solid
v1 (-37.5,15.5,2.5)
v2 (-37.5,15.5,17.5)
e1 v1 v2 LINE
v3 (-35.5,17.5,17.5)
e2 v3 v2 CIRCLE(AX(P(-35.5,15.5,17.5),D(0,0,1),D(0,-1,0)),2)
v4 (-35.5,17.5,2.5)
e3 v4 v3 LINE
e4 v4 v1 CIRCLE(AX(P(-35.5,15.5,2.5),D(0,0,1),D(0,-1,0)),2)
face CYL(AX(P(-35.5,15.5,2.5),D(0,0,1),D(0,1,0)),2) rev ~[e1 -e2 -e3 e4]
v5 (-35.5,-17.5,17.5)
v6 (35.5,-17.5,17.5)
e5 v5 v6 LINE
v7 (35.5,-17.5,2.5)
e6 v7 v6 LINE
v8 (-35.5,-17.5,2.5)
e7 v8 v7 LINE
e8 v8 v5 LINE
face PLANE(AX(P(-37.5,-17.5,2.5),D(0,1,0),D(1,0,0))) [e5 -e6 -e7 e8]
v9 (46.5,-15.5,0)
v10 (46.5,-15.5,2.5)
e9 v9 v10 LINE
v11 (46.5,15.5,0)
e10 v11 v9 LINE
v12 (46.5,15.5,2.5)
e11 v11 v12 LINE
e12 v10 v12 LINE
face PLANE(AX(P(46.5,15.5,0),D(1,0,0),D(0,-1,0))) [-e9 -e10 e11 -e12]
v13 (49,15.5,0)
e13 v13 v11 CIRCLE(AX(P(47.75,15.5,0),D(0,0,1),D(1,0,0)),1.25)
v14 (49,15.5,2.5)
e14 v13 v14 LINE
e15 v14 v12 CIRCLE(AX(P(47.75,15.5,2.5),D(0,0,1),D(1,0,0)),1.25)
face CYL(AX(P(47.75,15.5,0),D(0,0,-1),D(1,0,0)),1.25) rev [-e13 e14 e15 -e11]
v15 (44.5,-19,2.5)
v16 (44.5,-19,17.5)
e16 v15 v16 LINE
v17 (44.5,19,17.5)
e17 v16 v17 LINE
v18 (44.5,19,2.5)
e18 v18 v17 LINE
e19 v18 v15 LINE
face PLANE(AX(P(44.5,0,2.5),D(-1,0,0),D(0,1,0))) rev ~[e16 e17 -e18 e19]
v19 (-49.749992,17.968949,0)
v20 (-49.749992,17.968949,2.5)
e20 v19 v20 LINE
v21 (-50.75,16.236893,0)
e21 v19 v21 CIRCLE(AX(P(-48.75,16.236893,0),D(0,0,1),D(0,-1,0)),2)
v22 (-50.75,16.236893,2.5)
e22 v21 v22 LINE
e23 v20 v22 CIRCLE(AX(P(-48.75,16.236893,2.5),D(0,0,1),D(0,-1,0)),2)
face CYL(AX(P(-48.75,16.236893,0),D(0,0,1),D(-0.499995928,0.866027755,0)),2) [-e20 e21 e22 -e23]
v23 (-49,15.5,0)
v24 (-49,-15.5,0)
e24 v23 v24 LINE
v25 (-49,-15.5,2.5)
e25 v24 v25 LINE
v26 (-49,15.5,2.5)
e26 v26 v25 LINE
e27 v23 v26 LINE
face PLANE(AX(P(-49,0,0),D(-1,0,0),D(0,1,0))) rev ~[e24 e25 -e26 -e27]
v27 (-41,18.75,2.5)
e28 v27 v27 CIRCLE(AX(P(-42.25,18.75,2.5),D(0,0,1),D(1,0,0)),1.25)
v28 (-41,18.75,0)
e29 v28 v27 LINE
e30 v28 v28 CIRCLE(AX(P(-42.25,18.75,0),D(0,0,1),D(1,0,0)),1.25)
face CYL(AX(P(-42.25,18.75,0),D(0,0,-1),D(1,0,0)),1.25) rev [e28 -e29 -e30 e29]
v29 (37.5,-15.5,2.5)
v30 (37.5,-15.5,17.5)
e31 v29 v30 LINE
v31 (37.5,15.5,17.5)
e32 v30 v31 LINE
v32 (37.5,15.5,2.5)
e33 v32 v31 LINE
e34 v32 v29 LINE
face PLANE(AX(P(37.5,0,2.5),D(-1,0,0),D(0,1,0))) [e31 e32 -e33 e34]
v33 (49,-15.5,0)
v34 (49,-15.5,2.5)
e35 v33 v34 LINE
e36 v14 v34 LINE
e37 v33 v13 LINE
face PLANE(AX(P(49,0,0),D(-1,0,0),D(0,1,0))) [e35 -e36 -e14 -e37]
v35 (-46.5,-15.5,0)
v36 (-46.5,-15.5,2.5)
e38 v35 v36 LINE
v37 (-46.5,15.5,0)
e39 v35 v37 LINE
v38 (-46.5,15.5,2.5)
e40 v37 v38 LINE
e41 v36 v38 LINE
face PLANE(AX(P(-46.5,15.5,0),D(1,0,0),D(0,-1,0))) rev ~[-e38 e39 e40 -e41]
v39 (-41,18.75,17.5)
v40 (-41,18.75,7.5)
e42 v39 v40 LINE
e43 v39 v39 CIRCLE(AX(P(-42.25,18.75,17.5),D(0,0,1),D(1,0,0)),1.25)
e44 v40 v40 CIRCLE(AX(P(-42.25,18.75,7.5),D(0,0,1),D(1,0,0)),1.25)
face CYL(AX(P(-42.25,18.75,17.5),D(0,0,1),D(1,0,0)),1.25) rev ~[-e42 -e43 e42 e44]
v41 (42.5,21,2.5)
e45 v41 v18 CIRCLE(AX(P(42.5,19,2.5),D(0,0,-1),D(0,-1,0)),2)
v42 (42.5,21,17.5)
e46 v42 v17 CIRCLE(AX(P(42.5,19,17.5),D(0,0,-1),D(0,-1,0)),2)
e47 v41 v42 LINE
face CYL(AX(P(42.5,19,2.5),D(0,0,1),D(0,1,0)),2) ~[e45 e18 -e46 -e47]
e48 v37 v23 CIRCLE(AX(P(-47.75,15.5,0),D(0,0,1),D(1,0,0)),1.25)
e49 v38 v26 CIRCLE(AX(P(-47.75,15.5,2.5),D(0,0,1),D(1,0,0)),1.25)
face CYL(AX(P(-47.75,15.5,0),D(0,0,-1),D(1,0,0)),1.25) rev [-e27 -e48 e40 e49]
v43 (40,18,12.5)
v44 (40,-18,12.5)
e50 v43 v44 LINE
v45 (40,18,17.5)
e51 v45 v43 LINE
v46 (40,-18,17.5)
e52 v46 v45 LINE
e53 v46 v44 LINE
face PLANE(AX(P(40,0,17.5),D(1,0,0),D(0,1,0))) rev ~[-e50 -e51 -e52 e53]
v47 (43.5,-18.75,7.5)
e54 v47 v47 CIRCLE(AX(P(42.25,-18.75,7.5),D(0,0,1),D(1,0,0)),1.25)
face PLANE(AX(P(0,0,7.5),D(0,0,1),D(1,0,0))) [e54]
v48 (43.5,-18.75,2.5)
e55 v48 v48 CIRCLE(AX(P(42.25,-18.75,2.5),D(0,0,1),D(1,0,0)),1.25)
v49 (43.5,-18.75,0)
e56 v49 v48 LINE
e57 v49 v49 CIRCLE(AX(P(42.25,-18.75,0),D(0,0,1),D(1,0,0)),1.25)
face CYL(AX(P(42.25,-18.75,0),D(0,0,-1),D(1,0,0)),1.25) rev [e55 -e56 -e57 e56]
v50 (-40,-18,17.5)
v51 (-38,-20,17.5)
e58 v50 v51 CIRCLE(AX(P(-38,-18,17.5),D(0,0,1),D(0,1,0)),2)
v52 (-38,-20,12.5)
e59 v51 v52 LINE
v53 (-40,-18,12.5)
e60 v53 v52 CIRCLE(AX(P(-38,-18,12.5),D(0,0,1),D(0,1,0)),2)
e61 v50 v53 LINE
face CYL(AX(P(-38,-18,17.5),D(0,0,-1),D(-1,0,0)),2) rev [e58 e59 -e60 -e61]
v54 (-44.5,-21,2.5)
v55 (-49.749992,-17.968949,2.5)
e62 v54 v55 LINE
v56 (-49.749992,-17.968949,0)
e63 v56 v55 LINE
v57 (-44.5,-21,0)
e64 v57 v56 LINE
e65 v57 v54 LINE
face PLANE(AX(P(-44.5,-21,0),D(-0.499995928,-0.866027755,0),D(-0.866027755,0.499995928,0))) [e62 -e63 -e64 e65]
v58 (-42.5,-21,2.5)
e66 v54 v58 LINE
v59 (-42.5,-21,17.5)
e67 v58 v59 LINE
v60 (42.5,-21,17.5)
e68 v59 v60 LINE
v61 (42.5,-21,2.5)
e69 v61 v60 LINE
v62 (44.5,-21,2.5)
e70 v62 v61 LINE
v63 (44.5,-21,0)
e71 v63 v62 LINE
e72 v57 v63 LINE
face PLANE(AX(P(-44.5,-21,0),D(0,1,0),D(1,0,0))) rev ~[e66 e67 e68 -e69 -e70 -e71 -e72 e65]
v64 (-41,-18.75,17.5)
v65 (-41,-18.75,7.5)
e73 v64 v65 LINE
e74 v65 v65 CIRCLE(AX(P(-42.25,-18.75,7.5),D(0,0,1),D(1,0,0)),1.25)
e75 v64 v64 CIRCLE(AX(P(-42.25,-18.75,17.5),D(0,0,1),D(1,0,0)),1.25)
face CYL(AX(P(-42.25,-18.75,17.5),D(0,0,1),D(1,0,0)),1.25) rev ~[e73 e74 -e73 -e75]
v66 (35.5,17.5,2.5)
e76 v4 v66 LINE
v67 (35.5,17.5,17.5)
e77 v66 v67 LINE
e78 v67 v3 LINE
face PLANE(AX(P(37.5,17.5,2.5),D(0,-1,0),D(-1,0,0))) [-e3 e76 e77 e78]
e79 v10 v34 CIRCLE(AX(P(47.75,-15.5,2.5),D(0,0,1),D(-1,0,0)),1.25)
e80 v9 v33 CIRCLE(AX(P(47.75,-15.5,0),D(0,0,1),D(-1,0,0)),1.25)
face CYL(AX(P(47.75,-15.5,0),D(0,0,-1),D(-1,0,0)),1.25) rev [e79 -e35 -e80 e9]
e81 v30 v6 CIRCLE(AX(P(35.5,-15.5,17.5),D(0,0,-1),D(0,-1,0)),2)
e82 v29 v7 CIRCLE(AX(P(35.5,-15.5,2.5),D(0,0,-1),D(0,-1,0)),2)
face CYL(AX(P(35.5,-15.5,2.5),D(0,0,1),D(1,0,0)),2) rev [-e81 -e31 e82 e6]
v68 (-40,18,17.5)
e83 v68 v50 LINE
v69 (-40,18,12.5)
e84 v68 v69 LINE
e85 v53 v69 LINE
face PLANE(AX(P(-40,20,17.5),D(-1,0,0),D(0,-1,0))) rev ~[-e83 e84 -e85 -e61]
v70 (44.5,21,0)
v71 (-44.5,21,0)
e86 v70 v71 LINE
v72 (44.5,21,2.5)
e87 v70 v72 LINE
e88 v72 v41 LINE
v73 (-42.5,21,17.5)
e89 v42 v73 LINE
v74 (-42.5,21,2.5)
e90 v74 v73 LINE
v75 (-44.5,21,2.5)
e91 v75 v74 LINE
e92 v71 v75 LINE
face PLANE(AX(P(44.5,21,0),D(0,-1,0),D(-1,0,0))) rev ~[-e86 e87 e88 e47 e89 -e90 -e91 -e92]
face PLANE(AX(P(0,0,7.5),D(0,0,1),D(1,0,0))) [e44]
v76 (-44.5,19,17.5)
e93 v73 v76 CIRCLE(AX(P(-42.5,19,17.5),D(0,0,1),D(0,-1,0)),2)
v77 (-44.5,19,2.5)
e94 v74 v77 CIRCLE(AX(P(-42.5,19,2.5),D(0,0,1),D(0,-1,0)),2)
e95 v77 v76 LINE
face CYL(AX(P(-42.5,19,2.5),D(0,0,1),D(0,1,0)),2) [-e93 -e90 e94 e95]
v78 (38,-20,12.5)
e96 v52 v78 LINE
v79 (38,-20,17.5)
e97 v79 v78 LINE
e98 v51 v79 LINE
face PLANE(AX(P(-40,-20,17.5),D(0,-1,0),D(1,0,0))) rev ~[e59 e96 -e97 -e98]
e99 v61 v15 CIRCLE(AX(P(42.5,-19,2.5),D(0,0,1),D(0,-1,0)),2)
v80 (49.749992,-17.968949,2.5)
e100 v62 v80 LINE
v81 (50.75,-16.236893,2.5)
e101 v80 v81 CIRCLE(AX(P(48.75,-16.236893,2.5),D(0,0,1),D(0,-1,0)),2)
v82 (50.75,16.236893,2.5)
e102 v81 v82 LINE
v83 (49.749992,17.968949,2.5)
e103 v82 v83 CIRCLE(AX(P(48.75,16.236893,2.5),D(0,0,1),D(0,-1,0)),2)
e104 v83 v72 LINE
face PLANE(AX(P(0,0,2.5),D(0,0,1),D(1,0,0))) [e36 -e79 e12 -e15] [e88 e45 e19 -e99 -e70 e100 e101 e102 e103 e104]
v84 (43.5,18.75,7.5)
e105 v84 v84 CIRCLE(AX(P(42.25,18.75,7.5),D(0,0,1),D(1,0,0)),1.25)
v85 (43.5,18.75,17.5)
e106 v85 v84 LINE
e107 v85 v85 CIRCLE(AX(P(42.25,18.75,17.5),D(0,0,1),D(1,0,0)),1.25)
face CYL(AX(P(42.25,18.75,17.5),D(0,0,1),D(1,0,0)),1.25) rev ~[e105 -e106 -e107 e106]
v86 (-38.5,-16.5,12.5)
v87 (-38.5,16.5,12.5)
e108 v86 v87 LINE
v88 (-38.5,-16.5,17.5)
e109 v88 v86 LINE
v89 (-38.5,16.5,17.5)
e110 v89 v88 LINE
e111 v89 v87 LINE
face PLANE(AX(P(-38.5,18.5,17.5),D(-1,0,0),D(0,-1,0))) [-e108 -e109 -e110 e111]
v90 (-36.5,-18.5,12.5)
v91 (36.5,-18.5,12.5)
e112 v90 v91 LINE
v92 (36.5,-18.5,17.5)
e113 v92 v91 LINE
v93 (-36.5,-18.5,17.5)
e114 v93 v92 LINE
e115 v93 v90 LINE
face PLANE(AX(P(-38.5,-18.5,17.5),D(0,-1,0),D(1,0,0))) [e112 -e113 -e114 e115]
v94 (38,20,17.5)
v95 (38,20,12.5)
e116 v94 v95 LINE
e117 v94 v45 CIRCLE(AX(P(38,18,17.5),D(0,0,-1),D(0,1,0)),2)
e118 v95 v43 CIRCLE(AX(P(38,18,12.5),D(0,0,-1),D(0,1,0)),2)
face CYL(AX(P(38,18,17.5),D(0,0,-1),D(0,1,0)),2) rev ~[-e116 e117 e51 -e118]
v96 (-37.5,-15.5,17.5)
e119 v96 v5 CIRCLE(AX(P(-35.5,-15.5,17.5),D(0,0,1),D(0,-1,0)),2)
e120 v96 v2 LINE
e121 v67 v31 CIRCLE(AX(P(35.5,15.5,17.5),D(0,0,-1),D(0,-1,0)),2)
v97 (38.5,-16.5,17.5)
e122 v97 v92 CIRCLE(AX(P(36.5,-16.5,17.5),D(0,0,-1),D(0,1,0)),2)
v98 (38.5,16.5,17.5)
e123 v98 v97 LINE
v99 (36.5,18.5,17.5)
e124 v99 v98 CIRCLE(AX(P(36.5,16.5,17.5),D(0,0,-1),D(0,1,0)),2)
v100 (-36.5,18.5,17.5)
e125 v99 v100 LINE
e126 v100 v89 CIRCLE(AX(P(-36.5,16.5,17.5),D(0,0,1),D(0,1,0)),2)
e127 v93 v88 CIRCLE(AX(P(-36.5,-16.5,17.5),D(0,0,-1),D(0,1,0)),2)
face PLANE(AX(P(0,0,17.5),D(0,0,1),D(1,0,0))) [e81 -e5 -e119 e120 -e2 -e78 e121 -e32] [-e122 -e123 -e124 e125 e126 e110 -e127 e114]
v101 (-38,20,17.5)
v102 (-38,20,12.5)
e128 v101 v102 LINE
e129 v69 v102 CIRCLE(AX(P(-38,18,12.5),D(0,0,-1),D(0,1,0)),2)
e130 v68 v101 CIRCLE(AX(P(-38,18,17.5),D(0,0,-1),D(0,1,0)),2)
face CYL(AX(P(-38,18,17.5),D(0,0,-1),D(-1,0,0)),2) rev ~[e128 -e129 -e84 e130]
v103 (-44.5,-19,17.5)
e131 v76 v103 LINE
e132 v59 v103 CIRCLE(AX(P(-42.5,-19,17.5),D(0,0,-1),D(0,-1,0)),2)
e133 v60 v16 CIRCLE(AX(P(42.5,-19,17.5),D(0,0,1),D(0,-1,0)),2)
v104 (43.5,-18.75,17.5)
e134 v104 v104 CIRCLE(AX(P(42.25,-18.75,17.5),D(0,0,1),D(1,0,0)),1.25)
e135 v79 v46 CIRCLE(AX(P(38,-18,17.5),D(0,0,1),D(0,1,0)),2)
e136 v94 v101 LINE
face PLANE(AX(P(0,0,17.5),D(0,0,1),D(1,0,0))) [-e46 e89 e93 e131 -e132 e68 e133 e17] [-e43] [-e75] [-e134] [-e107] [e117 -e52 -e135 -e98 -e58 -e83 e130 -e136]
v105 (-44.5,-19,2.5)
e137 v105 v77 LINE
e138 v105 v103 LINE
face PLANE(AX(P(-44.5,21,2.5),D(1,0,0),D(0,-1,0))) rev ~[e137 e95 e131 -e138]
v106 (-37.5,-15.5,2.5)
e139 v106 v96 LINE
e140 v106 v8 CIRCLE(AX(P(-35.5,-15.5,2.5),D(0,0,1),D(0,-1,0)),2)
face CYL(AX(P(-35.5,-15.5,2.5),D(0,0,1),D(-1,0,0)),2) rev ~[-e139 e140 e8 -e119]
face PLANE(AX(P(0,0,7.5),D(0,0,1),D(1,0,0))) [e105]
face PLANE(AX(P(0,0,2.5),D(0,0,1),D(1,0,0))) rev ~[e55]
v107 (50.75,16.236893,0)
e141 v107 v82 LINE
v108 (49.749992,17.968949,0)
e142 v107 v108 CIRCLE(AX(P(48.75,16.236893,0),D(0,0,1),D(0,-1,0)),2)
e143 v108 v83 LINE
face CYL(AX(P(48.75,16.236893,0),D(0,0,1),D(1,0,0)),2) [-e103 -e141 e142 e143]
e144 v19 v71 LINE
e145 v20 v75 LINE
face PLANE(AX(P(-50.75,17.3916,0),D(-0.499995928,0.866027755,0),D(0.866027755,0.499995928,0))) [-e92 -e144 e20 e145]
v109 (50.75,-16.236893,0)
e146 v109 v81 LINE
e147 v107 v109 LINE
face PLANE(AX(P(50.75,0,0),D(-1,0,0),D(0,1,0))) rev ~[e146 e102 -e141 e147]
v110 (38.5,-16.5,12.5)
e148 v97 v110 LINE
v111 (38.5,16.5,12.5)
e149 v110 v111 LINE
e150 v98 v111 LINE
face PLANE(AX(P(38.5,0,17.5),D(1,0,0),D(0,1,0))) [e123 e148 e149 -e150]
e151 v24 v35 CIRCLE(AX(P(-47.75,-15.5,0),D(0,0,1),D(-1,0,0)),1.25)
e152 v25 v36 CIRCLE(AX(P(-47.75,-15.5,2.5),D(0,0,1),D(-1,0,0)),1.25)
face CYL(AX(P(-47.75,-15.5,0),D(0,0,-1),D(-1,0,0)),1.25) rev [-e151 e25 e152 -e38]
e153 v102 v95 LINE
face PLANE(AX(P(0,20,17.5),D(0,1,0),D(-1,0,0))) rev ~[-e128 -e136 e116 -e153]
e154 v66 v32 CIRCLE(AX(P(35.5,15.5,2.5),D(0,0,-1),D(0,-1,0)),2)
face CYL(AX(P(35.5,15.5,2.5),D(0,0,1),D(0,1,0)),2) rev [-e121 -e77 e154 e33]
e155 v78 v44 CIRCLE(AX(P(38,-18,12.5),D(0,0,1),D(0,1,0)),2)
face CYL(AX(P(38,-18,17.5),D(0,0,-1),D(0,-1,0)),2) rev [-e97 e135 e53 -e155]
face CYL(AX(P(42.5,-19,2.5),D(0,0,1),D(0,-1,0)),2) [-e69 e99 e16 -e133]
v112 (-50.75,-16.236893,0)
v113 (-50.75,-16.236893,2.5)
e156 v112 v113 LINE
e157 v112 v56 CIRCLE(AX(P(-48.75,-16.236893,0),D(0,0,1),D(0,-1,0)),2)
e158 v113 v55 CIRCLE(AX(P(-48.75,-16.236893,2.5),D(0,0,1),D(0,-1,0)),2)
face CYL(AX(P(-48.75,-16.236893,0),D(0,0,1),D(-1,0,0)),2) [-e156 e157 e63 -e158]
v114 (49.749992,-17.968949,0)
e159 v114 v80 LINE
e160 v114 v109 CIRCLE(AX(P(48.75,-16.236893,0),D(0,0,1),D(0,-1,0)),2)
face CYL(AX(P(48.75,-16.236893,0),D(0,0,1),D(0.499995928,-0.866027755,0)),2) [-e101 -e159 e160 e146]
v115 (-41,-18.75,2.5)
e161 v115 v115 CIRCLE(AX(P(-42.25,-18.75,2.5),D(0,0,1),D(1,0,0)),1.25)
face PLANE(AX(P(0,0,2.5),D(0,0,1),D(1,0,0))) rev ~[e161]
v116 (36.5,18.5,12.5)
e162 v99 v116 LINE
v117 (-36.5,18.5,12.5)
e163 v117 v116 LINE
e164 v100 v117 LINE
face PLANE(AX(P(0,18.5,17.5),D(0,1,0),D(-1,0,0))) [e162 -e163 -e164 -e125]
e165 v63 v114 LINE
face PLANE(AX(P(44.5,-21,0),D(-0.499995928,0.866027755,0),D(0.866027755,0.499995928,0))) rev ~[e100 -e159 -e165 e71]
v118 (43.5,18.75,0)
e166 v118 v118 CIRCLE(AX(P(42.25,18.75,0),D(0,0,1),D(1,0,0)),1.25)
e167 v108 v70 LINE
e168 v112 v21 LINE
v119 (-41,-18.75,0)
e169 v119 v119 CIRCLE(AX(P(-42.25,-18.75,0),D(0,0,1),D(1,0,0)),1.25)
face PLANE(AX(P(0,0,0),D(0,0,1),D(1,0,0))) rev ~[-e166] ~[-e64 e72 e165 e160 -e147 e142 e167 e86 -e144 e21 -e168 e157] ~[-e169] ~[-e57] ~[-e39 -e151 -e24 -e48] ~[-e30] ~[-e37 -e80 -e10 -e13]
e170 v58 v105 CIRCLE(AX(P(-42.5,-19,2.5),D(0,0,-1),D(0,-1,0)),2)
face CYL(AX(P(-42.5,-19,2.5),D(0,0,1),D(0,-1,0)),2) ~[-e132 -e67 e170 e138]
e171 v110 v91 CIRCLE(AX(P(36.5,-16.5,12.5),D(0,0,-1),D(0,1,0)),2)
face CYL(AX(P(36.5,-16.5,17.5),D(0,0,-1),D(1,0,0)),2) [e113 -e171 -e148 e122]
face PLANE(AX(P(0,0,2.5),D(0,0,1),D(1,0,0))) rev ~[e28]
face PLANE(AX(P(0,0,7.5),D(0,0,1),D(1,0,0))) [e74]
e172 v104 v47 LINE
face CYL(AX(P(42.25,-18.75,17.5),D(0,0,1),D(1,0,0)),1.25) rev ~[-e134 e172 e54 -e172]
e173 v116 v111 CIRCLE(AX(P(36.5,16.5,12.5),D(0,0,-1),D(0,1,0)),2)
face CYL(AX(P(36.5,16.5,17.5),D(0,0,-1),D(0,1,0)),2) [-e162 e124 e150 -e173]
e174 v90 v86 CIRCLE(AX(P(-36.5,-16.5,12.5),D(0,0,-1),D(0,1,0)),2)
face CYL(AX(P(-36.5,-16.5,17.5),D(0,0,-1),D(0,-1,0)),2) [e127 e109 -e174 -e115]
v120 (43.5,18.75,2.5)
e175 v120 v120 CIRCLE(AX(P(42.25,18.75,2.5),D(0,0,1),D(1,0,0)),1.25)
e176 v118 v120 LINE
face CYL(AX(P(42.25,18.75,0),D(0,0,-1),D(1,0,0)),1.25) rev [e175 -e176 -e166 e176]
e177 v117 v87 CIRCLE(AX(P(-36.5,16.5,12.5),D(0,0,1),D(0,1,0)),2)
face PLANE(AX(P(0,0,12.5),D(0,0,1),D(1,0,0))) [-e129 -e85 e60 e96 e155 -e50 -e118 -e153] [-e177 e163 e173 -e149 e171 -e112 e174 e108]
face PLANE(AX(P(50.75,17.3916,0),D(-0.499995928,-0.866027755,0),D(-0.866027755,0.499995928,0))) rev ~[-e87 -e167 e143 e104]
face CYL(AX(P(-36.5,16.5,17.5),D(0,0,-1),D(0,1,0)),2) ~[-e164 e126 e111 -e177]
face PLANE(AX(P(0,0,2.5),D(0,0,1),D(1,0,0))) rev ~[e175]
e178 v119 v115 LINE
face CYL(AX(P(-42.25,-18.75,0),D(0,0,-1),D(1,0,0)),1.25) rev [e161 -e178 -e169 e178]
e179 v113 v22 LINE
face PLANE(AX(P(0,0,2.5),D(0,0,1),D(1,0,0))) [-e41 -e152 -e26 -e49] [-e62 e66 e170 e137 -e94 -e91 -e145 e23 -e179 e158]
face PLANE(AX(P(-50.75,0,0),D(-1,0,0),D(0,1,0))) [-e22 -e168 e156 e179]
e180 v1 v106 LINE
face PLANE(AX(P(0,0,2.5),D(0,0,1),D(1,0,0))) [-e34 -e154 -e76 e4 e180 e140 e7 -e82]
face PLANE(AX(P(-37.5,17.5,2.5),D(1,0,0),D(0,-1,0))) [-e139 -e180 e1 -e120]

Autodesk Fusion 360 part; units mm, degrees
sketch "Sketch1" plane through (0, 0, 0) normal (0, 0, 1) x (1, 0, 0)
  line L0 (37.5, 17.5) -> (-37.5, 17.5)
  line L1 (-37.5, 17.5) -> (-37.5, -17.5)
  line L2 (-37.5, -17.5) -> (37.5, -17.5)
  line L3 (37.5, -17.5) -> (37.5, 17.5)
  line L4 (37.5, 17.5) -> (-37.5, -17.5) construction
  line L5 (-37.5, 17.5) -> (37.5, -17.5) construction
  line L6 (44.5, 21) -> (-44.5, 21)
  line L7 (-44.5, 21) -> (-44.5, -21)
  line L8 (-44.5, -21) -> (44.5, -21)
  line L9 (44.5, -21) -> (44.5, 21)
  line L10 (44.5, 21) -> (-44.5, -21) construction
  line L11 (-44.5, 21) -> (44.5, -21) construction
  line L12 (0, 2.5) -> (0, 20)
  line L13 (44.5, -21) -> (50.75, -17.3916)
  line L14 (50.75, -17.3916) -> (50.75, 17.3916)
  line L15 (50.75, 17.3916) -> (44.5, 21)
  line L16 (46.5, 15.5) -> (46.5, -15.5)
  arc A0 (46.5, -15.5) -> (49, -15.5) centre (47.75, -15.5) ccw
  line L17 (49, -15.5) -> (49, 15.5)
  arc A1 (49, 15.5) -> (46.5, 15.5) centre (47.75, 15.5) ccw
  line L18 (47.75, 15.5) -> (47.75, -15.5) construction
  arc A2 (-49, -15.5) -> (-46.5, -15.5) centre (-47.75, -15.5) ccw
  line L19 (-46.5, 15.5) -> (-46.5, -15.5)
  line L20 (-49, -15.5) -> (-49, 15.5)
  arc A3 (-46.5, 15.5) -> (-49, 15.5) centre (-47.75, 15.5) ccw
  line L21 (-50.75, 17.3916) -> (-44.5, 21)
  line L22 (-50.75, -17.3916) -> (-50.75, 17.3916)
  line L23 (-44.5, -21) -> (-50.75, -17.3916)
  line L24 (38.5, 18.5) -> (-38.5, 18.5)
  line L25 (-38.5, 18.5) -> (-38.5, -18.5)
  line L26 (-38.5, -18.5) -> (38.5, -18.5)
  line L27 (38.5, -18.5) -> (38.5, 18.5)
  line L28 (38.5, 18.5) -> (-38.5, -18.5) construction
  line L29 (-38.5, 18.5) -> (38.5, -18.5) construction
  line L30 (40, 20) -> (-40, 20)
  line L31 (-40, 20) -> (-40, -20)
  line L32 (-40, -20) -> (40, -20)
  line L33 (40, -20) -> (40, 20)
  line L34 (40, 20) -> (-40, -20) construction
  line L35 (-40, 20) -> (40, -20) construction
  circle A4 centre (42.25, 18.75) radius 1.25
  circle A5 centre (-42.25, 18.75) radius 1.25
  line L36 (20, 0) -> (2.5, 0)
  circle A6 centre (42.25, -18.75) radius 1.25
  circle A7 centre (-42.25, -18.75) radius 1.25
  line L37 (-107, 0) -> (107, 0)
  point P0 (47.75, 0)
  dimension "d1" = 35
  dimension "d3" = 75
  dimension "d26" = 120
  dimension "d46" = 3.5
  dimension "d47" = 1
  dimension "d48" = 1
  dimension "d49" = 1
  dimension "d51" = 1.5
  dimension "d52" = 89
  dimension "d53" = 2.5
  dimension "d54" = 2.25
  dimension "d55" = 2.25
  dimension "d56" = 2.5
  dimension "d57" = 6.25
  dimension "d66" = 2
  dimension "d67" = 31
extrude "Extrude2" add sketch "Sketch1" along normal blind 2.5 contours L0 L1 L3 L36 L37 | L0 L3 L12 L24 L27 L37 | L0 L1 L12 L24 L25 L37 | L1 L2 L3 L25 L26 L27 L37 | L1 L2 L3 L36 L37 | L12 L24 L25 L30 L31 L37 | L12 L24 L27 L30 L33 L37 | L25 L26 L27 L31 L32 L33 L37 | L6 L7 L9 L30 L31 L33 L37 | L7 L8 L9 L31 L32 L33 L37 | L9 L13 L14 L16 A0 L17 L37 | L9 L14 L15 L16 L17 A1 L37 | L7 L19 L20 A3 L21 L22 L37 | L7 A2 L19 L20 L22 L23 L37
extrude "Extrude14" add sketch "Sketch1" along normal blind 15 from surface at 2.5 contours L0 L3 L12 L24 L27 L37 | L0 L1 L12 L24 L25 L37 | L1 L2 L3 L25 L26 L27 L37 | L12 L24 L25 L30 L31 L37 | L12 L24 L27 L30 L33 L37 | L25 L26 L27 L31 L32 L33 L37 | L6 L7 L9 L30 L31 L33 L37 | L7 L8 L9 L31 L32 L33 L37 | A4 | A5 | A6 | A7
extrude "Extrude15" cut sketch "Sketch1" against normal blind 5 from surface at 17.5 contours L12 L24 L25 L30 L31 L37 | L12 L24 L27 L30 L33 L37 | L25 L26 L27 L31 L32 L33 L37
extrude "Extrude16" cut sketch "Sketch1" against normal blind 10 from surface at 17.5 contours A4 | A5 | A6 | A7
fillet "Fillet5" radius 2 20 edges at (-50.75, -17.3916, 1.25) (-44.5, -21, 10) (-50.75, 17.3916, 1.25) (-44.5, 21, 10) (-38.5, 18.5, 15) (-40, 20, 15) (-37.5, 17.5, 10) (-37.5, -17.5, 10) (-38.5, -18.5, 15) (-40, -20, 15) (37.5, 17.5, 10) (40, 20, 15) (37.5, -17.5, 10) (38.5, -18.5, 15) (40, -20, 15) (44.5, -21, 10) (50.75, -17.3916, 1.25) (38.5, 18.5, 15) (44.5, 21, 10) (50.75, 17.3916, 1.25)
equation "d7 = 2.50 mm"
equation "d48 = d47"
equation "d49 = d47"
equation "d51 = d46 - 2 * d47"
equation "d52 = d3 + 2 * d46 + 2 * d47 + 2 * d53"
equation "d54 = d47 + 0.5 * d53"
equation "d55 = d47 + 0.5 * d53"
equation "d56 = d53"
equation "d57 = d54 + 4 * d47"
equation "d66 = 2 * d47"
equation "d67 = d1 - 4 * d47"
equation "d80 = d7"
equation "d81 = 15 mm"
equation "d83 = d7 + d81"
equation "d86 = d7 + d81"
